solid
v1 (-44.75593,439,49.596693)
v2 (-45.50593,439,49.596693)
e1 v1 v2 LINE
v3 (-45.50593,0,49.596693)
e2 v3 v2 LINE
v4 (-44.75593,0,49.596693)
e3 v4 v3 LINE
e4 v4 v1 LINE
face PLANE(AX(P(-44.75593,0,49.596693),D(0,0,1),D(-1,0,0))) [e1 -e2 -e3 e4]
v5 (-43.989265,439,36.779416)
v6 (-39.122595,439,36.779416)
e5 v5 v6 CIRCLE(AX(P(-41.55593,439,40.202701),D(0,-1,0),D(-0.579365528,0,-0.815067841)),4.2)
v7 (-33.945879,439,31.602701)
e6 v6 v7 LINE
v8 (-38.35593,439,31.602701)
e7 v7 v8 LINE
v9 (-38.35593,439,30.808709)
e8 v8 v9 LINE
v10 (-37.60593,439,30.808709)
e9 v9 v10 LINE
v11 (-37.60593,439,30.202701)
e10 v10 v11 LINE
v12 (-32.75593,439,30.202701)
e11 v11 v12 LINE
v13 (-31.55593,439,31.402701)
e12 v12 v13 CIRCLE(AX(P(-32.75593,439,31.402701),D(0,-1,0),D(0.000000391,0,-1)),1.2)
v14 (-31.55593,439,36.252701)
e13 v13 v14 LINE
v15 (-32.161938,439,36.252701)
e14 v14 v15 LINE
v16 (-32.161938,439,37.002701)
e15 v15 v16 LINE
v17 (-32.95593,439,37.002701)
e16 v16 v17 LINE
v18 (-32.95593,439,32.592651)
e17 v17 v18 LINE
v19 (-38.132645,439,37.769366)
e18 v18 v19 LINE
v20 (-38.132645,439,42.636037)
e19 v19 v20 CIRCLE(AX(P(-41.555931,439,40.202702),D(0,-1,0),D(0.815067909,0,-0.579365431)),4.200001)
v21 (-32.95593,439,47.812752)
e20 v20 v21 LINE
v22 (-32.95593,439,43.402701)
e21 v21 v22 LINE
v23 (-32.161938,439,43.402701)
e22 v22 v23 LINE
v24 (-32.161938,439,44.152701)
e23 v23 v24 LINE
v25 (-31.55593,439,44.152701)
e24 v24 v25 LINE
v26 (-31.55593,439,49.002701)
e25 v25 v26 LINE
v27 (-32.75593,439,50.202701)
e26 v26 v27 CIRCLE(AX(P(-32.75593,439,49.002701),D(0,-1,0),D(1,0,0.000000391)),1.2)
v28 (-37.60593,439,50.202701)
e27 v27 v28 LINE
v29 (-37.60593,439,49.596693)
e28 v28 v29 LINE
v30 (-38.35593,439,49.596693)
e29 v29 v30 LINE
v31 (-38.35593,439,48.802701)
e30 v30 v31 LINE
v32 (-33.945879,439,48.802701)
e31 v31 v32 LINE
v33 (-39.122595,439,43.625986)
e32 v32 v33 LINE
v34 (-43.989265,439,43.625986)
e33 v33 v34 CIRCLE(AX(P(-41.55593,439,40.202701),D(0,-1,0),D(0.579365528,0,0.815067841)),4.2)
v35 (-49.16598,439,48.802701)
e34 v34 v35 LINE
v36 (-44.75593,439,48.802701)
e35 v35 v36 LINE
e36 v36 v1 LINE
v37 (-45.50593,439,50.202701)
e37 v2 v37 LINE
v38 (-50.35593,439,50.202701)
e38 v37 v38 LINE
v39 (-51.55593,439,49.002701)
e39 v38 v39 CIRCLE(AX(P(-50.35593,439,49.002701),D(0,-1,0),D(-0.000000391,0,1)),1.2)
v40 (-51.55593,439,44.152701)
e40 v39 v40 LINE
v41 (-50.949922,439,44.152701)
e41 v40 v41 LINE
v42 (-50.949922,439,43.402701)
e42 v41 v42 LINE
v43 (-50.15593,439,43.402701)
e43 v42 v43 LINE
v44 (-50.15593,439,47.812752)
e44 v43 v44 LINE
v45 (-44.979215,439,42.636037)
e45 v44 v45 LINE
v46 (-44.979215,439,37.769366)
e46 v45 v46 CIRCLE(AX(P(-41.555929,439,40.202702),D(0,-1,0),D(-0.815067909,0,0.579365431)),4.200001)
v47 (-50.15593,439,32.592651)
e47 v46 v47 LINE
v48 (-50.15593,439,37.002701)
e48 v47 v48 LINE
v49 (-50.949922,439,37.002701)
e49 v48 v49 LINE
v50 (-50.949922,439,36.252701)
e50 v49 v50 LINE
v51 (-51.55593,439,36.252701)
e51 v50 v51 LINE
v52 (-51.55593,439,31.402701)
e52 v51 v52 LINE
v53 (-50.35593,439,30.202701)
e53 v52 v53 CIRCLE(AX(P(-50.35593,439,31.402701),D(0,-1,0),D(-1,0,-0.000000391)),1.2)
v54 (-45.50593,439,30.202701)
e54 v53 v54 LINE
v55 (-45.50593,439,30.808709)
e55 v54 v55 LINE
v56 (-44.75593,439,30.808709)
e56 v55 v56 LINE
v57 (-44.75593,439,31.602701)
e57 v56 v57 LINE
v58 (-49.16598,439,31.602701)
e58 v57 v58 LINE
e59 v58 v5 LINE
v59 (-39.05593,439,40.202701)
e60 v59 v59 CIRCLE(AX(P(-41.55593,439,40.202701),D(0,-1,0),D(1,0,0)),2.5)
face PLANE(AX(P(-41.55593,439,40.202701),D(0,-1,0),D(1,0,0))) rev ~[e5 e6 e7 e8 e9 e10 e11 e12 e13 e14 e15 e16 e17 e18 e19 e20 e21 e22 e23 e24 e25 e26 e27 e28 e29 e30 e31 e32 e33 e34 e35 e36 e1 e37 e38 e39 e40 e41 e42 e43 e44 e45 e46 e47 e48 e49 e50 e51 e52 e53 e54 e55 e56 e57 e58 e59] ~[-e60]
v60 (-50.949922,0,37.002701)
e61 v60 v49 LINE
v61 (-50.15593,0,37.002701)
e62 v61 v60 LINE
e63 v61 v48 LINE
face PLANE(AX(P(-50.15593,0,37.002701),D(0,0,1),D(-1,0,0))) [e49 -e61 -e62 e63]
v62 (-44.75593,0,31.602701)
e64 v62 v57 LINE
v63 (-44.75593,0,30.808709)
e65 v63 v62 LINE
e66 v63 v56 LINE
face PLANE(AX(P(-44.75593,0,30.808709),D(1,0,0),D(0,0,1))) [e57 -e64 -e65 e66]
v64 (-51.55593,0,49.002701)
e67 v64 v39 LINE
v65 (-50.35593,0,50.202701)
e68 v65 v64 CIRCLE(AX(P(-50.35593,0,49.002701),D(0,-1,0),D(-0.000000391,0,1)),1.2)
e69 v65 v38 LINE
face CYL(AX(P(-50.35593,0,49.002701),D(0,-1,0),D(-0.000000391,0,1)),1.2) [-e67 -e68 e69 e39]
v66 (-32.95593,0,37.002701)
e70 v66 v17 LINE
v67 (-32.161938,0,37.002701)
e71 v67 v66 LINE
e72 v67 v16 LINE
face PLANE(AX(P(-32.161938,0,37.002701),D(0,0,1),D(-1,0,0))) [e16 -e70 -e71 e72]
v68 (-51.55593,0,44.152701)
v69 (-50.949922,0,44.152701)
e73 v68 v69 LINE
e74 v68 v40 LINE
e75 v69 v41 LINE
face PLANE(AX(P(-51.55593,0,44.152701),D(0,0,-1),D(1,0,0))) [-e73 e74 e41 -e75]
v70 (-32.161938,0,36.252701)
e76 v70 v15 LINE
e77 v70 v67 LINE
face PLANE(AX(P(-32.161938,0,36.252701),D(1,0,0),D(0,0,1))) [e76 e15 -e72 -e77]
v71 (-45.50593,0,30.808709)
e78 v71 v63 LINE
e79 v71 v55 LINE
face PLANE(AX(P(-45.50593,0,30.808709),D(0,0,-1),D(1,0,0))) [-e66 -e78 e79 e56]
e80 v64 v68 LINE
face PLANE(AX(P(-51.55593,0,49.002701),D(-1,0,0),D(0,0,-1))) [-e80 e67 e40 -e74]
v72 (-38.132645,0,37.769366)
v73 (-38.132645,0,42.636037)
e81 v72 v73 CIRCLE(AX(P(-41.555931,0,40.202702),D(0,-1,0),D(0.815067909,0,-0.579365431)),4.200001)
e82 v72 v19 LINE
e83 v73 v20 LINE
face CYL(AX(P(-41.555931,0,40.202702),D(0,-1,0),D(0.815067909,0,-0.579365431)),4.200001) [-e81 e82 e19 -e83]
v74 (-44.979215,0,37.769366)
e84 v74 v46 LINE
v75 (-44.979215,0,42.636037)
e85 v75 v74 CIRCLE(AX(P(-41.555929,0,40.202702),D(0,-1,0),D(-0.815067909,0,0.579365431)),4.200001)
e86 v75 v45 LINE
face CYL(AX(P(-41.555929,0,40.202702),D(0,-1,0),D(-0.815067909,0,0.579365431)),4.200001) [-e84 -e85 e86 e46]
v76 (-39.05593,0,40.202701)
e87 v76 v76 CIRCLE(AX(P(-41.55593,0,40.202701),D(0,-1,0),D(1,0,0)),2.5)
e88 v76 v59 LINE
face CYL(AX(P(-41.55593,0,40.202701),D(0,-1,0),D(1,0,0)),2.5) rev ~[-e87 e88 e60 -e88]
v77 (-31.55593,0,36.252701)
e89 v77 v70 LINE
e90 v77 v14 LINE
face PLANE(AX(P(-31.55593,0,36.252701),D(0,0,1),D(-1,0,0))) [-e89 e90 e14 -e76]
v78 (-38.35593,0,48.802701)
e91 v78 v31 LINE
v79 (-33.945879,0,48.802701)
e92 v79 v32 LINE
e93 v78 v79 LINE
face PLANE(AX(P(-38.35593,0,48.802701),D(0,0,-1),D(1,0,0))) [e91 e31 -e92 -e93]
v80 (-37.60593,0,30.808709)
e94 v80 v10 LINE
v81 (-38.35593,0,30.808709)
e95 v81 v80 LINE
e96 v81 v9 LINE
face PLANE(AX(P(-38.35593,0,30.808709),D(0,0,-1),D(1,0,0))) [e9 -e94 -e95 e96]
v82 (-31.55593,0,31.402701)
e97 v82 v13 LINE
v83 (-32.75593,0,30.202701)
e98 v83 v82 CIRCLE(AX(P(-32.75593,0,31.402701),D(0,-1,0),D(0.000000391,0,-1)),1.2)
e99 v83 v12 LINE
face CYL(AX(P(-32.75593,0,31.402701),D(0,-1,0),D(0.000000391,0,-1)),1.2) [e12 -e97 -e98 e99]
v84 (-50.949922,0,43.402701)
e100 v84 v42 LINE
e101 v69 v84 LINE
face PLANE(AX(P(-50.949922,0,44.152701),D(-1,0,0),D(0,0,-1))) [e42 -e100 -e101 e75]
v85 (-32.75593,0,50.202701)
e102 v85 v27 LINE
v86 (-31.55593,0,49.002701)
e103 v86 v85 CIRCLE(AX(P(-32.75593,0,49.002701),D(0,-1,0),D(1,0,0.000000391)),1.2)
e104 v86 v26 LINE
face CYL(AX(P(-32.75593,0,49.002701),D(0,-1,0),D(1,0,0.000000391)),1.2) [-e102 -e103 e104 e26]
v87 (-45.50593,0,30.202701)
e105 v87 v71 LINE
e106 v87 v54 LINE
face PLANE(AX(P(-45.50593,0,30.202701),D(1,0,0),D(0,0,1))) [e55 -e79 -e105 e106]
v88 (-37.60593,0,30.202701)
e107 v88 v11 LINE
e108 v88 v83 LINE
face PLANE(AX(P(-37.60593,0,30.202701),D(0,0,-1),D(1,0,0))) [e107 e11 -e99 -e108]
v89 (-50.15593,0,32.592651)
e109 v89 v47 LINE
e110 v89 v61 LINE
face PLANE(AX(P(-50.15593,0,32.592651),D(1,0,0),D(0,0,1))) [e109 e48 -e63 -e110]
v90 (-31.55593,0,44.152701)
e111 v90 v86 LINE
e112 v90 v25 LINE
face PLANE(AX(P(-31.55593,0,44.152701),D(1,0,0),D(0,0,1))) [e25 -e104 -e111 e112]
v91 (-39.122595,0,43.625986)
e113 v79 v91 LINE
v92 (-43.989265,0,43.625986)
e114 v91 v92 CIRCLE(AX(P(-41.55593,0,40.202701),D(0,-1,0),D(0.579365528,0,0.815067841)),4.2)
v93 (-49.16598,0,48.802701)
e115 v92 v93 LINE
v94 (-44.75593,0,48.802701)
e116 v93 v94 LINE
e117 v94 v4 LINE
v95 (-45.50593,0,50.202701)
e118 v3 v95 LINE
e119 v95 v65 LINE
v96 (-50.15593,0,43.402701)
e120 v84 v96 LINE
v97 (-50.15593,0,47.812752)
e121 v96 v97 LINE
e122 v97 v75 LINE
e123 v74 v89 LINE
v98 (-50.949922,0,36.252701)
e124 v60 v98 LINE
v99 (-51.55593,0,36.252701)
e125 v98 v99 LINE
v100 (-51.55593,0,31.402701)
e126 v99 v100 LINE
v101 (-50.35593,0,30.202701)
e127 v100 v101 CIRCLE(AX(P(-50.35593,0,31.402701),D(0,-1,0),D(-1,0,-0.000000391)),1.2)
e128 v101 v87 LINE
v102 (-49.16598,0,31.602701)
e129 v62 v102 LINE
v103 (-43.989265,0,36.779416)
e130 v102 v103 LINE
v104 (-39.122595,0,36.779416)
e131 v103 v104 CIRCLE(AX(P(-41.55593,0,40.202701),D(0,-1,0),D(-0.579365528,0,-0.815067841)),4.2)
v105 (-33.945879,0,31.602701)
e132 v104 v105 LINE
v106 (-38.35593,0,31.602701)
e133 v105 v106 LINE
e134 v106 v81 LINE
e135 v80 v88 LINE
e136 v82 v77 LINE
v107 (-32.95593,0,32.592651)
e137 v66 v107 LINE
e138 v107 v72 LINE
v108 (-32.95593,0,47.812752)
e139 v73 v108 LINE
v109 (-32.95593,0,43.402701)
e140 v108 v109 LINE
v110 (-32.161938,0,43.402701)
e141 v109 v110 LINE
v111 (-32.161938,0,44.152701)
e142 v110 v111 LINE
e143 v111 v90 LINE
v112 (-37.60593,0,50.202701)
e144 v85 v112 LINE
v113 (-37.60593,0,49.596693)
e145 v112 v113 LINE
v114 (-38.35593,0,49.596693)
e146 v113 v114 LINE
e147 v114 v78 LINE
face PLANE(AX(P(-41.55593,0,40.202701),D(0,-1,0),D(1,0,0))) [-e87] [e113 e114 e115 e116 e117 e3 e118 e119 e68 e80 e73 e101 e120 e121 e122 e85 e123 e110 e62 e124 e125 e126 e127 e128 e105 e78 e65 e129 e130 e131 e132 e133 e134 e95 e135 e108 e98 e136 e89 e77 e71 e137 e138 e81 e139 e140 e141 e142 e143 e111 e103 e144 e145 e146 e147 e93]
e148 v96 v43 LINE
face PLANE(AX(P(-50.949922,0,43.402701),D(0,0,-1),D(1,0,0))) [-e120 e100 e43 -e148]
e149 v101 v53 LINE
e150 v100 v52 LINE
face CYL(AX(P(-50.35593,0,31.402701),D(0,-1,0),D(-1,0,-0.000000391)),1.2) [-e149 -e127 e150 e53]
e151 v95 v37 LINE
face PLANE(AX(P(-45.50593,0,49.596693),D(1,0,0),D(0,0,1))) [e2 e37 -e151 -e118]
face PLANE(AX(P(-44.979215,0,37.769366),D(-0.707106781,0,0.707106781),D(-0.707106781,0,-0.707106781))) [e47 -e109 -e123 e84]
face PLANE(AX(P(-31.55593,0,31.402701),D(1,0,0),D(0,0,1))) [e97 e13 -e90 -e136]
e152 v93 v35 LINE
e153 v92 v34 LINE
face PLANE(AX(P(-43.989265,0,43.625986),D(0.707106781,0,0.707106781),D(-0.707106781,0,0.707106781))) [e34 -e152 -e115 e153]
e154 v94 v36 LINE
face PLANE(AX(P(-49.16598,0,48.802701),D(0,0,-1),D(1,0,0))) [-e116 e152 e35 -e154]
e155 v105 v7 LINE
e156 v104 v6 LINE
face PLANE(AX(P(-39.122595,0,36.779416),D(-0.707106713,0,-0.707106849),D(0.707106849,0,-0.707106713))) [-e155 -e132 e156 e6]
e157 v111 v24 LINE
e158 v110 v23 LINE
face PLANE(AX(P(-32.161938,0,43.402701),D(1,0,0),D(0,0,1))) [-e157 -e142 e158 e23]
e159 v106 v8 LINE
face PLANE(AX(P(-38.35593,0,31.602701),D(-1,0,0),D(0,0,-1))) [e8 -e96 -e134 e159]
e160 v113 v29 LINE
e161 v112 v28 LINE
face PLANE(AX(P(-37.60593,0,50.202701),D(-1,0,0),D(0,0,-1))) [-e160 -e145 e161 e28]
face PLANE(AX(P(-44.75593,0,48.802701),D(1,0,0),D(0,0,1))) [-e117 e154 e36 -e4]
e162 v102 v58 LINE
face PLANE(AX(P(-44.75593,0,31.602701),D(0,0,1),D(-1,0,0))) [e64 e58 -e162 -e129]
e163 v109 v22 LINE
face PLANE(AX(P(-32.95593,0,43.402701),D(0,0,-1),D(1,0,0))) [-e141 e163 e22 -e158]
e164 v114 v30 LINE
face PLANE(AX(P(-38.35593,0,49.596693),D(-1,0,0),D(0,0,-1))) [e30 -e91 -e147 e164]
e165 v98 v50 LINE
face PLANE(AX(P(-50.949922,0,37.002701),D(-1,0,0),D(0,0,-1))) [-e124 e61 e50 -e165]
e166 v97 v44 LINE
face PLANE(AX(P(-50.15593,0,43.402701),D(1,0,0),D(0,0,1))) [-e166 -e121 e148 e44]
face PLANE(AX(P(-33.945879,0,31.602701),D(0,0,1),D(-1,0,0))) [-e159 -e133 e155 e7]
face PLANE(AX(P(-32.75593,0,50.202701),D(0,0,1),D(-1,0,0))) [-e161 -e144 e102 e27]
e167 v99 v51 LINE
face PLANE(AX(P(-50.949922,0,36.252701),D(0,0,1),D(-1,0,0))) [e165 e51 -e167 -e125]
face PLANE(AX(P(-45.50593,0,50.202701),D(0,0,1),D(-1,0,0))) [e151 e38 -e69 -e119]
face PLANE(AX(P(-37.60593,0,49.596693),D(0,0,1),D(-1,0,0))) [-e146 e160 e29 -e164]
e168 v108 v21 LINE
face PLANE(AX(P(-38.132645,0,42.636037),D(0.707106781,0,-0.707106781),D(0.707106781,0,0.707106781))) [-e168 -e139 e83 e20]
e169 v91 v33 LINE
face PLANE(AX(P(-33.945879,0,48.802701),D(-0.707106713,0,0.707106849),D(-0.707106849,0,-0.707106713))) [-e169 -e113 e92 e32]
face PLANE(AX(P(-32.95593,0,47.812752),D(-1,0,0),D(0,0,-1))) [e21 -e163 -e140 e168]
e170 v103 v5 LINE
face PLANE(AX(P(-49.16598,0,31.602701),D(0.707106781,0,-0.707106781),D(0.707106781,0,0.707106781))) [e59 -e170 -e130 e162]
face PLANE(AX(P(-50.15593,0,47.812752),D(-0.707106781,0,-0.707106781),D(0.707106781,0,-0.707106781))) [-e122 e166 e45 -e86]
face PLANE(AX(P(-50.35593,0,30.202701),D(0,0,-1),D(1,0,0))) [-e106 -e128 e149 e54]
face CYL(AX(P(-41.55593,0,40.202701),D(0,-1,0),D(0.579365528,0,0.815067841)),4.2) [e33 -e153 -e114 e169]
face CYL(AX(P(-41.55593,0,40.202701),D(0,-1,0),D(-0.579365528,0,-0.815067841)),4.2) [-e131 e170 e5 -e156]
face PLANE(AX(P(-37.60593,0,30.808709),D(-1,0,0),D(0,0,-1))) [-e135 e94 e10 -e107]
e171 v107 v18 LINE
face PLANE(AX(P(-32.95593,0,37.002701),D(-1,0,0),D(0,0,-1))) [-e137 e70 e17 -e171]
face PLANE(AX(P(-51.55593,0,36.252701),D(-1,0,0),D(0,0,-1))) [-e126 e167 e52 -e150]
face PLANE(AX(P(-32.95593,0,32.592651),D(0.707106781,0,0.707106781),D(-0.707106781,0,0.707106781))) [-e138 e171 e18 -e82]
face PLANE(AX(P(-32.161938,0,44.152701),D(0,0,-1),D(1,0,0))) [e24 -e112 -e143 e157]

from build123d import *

# Parameters (mm, degrees)
F0_R     = 2.5
F1_DEPTH = 439


with BuildPart() as f1:
    # F0 (on Front) → F1 (new body)
    with BuildSketch(Plane.XZ):
        with BuildLine():
            Line((-50.15593, 47.812752), (-44.979215, 42.636037))
            ThreePointArc((-44.979215, 42.636037), (-45.75593, 40.202701), (-44.979215, 37.769366))
            Line((-44.979215, 37.769366), (-50.15593, 32.592651))
            Line((-50.15593, 32.592651), (-50.15593, 37.002701))
            Line((-50.15593, 37.002701), (-50.949922, 37.002701))
            Line((-50.949922, 37.002701), (-50.949922, 36.252701))
            Line((-50.949922, 36.252701), (-51.55593, 36.252701))
            Line((-51.55593, 36.252701), (-51.55593, 31.402701))
            ThreePointArc((-51.55593, 31.402701), (-51.204458, 30.554173), (-50.35593, 30.202701))
            Line((-50.35593, 30.202701), (-45.50593, 30.202701))
            Line((-45.50593, 30.202701), (-45.50593, 30.808709))
            Line((-45.50593, 30.808709), (-44.75593, 30.808709))
            Line((-44.75593, 30.808709), (-44.75593, 31.602701))
            Line((-44.75593, 31.602701), (-49.16598, 31.602701))
            Line((-49.16598, 31.602701), (-43.989265, 36.779416))
            ThreePointArc((-43.989265, 36.779416), (-41.55593, 36.002701), (-39.122595, 36.779416))
            Line((-39.122595, 36.779416), (-33.945879, 31.602701))
            Line((-33.945879, 31.602701), (-38.35593, 31.602701))
            Line((-38.35593, 31.602701), (-38.35593, 30.808709))
            Line((-38.35593, 30.808709), (-37.60593, 30.808709))
            Line((-37.60593, 30.808709), (-37.60593, 30.202701))
            Line((-37.60593, 30.202701), (-32.75593, 30.202701))
            ThreePointArc((-32.75593, 30.202701), (-31.907402, 30.554173), (-31.55593, 31.402701))
            Line((-31.55593, 31.402701), (-31.55593, 36.252701))
            Line((-31.55593, 36.252701), (-32.161938, 36.252701))
            Line((-32.161938, 36.252701), (-32.161938, 37.002701))
            Line((-32.161938, 37.002701), (-32.95593, 37.002701))
            Line((-32.95593, 37.002701), (-32.95593, 32.592651))
            Line((-32.95593, 32.592651), (-38.132645, 37.769366))
            ThreePointArc((-38.132645, 37.769366), (-37.35593, 40.202701), (-38.132645, 42.636037))
            Line((-38.132645, 42.636037), (-32.95593, 47.812752))
            Line((-32.95593, 47.812752), (-32.95593, 43.402701))
            Line((-32.95593, 43.402701), (-32.161938, 43.402701))
            Line((-32.161938, 43.402701), (-32.161938, 44.152701))
            Line((-32.161938, 44.152701), (-31.55593, 44.152701))
            Line((-31.55593, 44.152701), (-31.55593, 49.002701))
            ThreePointArc((-31.55593, 49.002701), (-31.907402, 49.851229), (-32.75593, 50.202701))
            Line((-32.75593, 50.202701), (-37.60593, 50.202701))
            Line((-37.60593, 50.202701), (-37.60593, 49.596693))
            Line((-37.60593, 49.596693), (-38.35593, 49.596693))
            Line((-38.35593, 49.596693), (-38.35593, 48.802701))
            Line((-38.35593, 48.802701), (-33.945879, 48.802701))
            Line((-33.945879, 48.802701), (-39.122595, 43.625986))
            ThreePointArc((-39.122595, 43.625986), (-41.55593, 44.402701), (-43.989265, 43.625986))
            Line((-43.989265, 43.625986), (-49.16598, 48.802701))
            Line((-49.16598, 48.802701), (-44.75593, 48.802701))
            Line((-44.75593, 48.802701), (-44.75593, 49.596693))
            Line((-44.75593, 49.596693), (-45.50593, 49.596693))
            Line((-45.50593, 49.596693), (-45.50593, 50.202701))
            Line((-45.50593, 50.202701), (-50.35593, 50.202701))
            ThreePointArc((-50.35593, 50.202701), (-51.204458, 49.851229), (-51.55593, 49.002701))
            Line((-51.55593, 49.002701), (-51.55593, 44.152701))
            Line((-51.55593, 44.152701), (-50.949922, 44.152701))
            Line((-50.949922, 44.152701), (-50.949922, 43.402701))
            Line((-50.949922, 43.402701), (-50.15593, 43.402701))
            Line((-50.15593, 43.402701), (-50.15593, 47.812752))
        make_face()
        with Locations((-41.55593, 40.202701)):
            Circle(F0_R, mode=Mode.SUBTRACT)
    extrude(amount=-F1_DEPTH)


solid = f1.part
